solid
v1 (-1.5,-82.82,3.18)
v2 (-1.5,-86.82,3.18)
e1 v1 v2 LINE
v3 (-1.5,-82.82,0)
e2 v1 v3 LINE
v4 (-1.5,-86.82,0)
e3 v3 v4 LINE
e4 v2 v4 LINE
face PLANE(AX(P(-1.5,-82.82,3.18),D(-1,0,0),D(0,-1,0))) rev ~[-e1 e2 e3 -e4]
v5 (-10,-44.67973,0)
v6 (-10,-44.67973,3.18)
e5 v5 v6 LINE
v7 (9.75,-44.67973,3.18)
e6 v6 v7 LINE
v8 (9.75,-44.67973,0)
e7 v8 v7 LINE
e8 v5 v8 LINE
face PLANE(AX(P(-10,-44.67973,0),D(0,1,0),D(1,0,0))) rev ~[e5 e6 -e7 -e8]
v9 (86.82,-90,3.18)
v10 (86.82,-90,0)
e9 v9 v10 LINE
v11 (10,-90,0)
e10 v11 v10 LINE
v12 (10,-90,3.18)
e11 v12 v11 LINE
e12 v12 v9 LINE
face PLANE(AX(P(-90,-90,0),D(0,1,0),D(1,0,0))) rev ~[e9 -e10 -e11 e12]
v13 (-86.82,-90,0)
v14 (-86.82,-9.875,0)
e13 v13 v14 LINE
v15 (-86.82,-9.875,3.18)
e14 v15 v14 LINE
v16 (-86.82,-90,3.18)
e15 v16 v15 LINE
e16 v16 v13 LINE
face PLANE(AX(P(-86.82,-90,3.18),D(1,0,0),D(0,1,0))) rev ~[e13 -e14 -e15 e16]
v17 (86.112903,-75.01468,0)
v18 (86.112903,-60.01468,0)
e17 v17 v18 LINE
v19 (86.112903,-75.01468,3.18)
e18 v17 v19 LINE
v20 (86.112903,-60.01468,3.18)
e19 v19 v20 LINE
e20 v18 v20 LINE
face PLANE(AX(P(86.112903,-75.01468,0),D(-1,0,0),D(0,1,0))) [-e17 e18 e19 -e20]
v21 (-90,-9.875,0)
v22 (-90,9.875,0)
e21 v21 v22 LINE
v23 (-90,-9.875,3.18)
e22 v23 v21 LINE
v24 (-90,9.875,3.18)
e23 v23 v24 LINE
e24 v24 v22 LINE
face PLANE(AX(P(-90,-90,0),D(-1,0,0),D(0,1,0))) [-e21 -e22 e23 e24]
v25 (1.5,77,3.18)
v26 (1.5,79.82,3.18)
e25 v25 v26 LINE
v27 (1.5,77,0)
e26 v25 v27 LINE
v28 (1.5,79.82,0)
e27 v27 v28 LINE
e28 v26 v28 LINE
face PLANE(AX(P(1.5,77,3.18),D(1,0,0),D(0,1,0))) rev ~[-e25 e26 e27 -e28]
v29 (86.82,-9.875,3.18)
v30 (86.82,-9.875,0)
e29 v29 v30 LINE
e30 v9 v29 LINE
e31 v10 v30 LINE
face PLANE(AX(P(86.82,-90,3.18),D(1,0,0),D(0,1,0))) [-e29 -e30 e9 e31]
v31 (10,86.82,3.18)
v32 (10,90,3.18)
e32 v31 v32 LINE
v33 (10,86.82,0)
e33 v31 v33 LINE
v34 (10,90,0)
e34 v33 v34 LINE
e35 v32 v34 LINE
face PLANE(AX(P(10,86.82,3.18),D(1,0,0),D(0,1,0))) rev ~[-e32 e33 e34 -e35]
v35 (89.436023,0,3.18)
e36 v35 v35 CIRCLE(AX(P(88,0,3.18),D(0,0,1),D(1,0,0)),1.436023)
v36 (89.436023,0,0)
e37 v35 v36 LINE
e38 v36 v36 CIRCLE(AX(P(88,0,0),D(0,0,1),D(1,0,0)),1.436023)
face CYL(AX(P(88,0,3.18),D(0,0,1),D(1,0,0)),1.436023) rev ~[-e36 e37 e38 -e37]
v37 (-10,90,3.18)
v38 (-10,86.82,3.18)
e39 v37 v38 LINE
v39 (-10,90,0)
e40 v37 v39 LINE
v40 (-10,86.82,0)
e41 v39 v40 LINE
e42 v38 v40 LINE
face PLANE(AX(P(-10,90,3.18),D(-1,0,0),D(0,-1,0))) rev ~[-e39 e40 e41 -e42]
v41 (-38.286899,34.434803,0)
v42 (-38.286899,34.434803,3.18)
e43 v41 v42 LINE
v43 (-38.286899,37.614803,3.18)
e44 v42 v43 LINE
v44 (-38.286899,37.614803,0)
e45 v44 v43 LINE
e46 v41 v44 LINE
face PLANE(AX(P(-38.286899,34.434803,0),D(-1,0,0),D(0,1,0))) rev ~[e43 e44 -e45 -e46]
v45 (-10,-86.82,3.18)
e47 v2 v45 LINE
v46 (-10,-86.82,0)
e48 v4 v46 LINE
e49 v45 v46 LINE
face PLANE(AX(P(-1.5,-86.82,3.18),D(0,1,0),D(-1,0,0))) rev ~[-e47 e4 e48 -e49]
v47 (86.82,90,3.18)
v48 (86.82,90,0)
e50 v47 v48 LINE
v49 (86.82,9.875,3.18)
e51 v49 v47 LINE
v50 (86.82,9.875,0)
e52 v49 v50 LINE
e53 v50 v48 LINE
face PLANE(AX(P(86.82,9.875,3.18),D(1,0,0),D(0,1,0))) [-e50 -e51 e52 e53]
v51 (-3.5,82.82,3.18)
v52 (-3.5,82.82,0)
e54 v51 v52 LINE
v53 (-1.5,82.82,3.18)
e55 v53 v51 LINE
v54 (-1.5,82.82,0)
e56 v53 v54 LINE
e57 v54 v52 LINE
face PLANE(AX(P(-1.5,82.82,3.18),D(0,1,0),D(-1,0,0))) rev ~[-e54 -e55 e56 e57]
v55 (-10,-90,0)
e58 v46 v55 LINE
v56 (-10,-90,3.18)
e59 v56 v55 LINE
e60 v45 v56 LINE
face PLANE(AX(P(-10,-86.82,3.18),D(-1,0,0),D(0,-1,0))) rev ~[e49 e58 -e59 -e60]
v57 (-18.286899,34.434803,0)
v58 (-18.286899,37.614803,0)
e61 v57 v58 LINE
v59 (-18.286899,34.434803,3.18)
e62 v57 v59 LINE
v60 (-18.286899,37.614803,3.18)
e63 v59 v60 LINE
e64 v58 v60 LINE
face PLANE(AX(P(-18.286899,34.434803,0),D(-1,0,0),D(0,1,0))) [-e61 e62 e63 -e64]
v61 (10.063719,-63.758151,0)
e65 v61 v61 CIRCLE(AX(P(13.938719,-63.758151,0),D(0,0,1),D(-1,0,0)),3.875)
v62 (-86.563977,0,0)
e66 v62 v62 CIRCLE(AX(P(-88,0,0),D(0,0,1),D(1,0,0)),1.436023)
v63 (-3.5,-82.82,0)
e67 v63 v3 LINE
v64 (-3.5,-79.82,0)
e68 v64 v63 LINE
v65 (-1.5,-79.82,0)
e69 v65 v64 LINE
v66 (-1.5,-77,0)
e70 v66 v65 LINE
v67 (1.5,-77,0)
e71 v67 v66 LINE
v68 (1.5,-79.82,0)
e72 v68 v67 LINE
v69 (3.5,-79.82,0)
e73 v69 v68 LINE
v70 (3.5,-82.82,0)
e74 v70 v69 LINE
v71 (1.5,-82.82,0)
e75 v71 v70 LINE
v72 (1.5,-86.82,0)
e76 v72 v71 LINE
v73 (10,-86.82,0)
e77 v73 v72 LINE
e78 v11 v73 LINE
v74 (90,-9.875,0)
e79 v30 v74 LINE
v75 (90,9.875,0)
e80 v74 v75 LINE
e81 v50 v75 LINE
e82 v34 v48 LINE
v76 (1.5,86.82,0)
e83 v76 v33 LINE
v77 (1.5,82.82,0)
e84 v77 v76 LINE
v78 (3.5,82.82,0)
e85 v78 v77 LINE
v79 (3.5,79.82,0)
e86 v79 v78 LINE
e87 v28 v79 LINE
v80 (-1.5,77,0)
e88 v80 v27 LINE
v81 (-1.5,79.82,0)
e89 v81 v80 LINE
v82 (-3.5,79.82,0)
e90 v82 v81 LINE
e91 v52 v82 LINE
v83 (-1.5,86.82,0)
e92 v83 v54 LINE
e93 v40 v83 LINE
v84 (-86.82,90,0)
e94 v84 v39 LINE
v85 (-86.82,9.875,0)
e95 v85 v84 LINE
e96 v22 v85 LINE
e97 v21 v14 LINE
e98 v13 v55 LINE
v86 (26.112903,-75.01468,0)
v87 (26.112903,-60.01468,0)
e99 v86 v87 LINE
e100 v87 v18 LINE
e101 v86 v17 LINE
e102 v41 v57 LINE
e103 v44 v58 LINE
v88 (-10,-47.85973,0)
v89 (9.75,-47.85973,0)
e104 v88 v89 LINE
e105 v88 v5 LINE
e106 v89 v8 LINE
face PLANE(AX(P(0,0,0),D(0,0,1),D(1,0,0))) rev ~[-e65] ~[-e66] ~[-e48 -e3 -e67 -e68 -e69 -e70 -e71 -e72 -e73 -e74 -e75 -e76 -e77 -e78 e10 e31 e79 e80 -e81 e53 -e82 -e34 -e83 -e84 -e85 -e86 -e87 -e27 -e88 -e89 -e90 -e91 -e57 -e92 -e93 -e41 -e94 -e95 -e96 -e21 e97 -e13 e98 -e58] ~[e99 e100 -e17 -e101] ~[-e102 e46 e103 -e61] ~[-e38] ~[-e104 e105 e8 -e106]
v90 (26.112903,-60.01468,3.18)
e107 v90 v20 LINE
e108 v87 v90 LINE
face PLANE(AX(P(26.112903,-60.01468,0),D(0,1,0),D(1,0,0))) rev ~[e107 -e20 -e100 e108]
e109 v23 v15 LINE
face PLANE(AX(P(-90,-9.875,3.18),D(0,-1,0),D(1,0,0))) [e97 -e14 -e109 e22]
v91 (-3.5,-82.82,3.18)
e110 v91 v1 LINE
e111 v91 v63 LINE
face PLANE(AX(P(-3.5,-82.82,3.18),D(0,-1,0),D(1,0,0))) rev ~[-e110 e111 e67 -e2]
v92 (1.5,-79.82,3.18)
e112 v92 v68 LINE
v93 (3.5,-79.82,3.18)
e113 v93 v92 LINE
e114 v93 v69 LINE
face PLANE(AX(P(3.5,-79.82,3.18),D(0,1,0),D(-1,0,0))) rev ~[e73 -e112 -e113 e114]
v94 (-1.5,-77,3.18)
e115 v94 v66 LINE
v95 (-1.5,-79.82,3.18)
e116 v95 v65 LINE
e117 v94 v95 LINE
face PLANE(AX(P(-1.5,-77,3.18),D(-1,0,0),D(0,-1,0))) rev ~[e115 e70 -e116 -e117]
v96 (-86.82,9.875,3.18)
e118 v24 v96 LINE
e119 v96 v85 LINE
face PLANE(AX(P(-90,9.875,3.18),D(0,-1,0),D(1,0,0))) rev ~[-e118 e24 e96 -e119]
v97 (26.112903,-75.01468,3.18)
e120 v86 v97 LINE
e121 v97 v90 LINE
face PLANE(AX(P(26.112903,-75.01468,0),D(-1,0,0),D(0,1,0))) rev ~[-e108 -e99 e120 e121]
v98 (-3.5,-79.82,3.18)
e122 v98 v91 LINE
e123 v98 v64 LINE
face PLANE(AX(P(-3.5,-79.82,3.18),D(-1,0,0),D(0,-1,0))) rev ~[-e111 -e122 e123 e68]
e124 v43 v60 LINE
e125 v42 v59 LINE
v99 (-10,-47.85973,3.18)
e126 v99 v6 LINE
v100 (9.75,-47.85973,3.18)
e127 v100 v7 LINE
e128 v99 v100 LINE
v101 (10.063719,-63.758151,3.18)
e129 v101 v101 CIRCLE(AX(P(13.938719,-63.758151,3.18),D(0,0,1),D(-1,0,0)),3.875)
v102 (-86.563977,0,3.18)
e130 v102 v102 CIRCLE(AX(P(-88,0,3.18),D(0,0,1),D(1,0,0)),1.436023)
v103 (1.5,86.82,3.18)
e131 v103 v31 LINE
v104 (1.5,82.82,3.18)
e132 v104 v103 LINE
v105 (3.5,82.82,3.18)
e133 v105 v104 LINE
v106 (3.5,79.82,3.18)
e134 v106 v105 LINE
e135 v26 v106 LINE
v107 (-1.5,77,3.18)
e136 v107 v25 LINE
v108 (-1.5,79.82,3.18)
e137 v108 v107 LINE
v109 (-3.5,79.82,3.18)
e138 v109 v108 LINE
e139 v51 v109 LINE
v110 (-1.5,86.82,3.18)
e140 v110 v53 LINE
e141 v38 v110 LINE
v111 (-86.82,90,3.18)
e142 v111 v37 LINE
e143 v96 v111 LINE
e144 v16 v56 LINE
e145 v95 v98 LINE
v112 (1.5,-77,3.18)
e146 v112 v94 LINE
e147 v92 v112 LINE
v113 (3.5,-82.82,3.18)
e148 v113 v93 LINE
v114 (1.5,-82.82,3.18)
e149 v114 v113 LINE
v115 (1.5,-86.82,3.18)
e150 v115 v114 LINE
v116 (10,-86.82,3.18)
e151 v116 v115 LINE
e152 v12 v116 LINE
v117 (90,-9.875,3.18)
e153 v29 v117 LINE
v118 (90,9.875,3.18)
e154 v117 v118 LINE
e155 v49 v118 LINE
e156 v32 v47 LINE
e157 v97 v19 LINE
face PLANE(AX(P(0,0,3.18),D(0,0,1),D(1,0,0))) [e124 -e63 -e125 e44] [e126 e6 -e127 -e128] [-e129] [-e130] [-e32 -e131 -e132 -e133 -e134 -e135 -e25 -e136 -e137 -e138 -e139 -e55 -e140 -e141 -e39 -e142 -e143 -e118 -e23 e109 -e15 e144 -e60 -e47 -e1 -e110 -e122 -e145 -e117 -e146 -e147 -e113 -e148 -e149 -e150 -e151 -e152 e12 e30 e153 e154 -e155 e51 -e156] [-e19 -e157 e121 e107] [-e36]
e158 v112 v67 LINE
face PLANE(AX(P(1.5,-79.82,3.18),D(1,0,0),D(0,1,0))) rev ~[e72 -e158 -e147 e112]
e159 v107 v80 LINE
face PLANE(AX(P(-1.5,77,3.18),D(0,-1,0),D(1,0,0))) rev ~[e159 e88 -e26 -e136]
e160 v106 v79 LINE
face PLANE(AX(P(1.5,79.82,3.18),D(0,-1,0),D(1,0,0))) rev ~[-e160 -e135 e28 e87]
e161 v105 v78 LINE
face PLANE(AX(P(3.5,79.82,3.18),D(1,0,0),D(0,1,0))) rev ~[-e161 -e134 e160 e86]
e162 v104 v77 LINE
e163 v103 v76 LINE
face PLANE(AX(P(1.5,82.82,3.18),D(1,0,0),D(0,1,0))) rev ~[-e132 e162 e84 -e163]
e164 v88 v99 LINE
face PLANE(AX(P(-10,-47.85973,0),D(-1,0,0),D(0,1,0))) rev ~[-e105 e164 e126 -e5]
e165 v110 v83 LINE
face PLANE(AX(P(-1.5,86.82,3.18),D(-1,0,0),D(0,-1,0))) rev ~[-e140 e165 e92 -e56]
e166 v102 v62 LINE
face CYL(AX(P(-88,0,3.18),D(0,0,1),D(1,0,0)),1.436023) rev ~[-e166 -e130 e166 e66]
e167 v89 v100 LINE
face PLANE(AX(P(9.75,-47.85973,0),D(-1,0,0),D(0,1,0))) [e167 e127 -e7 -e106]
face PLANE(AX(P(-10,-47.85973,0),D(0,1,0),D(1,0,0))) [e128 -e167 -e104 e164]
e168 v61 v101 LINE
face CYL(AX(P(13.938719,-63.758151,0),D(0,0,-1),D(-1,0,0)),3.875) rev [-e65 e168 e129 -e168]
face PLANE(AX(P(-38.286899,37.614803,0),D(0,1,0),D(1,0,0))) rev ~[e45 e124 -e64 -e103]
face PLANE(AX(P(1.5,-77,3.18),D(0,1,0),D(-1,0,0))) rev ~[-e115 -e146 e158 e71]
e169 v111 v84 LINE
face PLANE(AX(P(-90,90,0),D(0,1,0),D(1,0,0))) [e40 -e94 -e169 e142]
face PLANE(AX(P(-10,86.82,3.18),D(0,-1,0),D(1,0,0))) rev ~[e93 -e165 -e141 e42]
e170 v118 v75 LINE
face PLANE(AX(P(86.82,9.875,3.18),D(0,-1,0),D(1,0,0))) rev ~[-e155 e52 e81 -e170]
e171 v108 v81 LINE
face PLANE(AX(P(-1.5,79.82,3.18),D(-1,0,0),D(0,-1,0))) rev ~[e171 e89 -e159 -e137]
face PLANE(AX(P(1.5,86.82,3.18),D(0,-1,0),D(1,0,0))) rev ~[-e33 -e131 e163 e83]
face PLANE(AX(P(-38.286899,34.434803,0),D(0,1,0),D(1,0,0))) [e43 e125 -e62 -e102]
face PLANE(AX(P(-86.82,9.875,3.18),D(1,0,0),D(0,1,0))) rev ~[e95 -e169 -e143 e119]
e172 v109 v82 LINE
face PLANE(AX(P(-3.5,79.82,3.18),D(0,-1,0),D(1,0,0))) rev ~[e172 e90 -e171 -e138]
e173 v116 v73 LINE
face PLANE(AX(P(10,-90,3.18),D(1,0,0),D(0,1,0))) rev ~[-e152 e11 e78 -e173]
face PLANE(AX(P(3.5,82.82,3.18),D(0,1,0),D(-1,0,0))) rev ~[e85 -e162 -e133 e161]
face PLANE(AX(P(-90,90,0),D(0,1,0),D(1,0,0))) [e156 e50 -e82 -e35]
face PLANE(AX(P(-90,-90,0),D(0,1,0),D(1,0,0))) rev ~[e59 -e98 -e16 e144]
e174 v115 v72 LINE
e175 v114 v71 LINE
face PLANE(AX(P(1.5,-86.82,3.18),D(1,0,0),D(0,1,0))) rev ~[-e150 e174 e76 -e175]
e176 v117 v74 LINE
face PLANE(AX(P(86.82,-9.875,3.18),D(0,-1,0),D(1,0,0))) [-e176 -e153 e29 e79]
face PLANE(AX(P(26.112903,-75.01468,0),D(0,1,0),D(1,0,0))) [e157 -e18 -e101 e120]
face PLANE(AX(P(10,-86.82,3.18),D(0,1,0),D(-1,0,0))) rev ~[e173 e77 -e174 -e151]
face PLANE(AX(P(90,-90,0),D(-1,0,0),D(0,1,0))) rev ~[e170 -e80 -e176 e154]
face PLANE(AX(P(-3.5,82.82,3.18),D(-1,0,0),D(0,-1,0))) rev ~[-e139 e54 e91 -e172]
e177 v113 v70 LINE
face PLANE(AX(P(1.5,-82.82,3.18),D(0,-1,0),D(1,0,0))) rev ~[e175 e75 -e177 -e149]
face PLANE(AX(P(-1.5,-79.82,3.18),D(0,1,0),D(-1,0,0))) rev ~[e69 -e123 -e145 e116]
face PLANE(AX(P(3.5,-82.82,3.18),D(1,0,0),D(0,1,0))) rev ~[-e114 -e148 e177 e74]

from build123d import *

# Parameters (mm, degrees)
SKETCH3_W           = 180
SKETCH3_H           = 180
SKETCH3_R           = 3.875
SKETCH3_W_2         = 20
SKETCH3_H_2         = 3.18
SKETCH3_W_3         = 19.75
SKETCH3_W_4         = 60
SKETCH3_H_3         = 15
BOSS_EXTRUDE1_DEPTH = 3.18
CUT_EXTRUDE1_DEPTH  = 128.318939675
SKETCH5_R           = 1.436023081
SKETCH5_W           = 3.18
SKETCH5_H           = 80.125
CUT_EXTRUDE2_DEPTH  = 128.318939675


with BuildPart() as part:
    # Sketch3 → Boss-Extrude1 (new body)
    with BuildSketch(Plane.XY):
        Rectangle(SKETCH3_W, SKETCH3_H)
        with Locations(Location((13.938719016, -63.758151241, 0), (0, 0, 180))):
            Circle(SKETCH3_R, mode=Mode.SUBTRACT)
        with Locations((-28.286899392, 36.024803222)):
            Rectangle(SKETCH3_W_2, SKETCH3_H_2, mode=Mode.SUBTRACT)
        with Locations((-0.125, -46.269729843)):
            Rectangle(SKETCH3_W_3, SKETCH3_H_2, mode=Mode.SUBTRACT)
        with Locations((56.112903479, -67.514680034)):
            Rectangle(SKETCH3_W_4, SKETCH3_H_3, mode=Mode.SUBTRACT)
    extrude(amount=BOSS_EXTRUDE1_DEPTH)

    # Sketch4 → Cut-Extrude1 (cut, through all)
    with BuildSketch(Plane.XY.offset(3.18)):
        Polygon((1.5, 86.82), (10, 86.82), (10, 90), (-10, 90), (-10, 86.82), (-1.5, 86.82), (-1.5, 82.82), (-3.5, 82.82), (-3.5, 79.82), (-1.5, 79.82), (-1.5, 77), (1.5, 77), (1.5, 79.82), (3.5, 79.82), (3.5, 82.82), (1.5, 82.82), align=None)
        Polygon((1.5, -79.82), (1.5, -77), (-1.5, -77), (-1.5, -79.82), (-3.5, -79.82), (-3.5, -82.82), (-1.5, -82.82), (-1.5, -86.82), (-10, -86.82), (-10, -90), (10, -90), (10, -86.82), (1.5, -86.82), (1.5, -82.82), (3.5, -82.82), (3.5, -79.82), align=None)
    extrude(amount=-CUT_EXTRUDE1_DEPTH, mode=Mode.SUBTRACT)

    # Sketch5 → Cut-Extrude2 (cut, through all)
    with BuildSketch(Plane.XY.offset(3.18)):
        with Locations((-88, 0)):
            Circle(SKETCH5_R)
        with Locations((88, 0)):
            Circle(SKETCH5_R)
        with Locations((-88.41, 49.9375)):
            Rectangle(SKETCH5_W, SKETCH5_H)
        with Locations((-88.41, -49.9375)):
            Rectangle(SKETCH5_W, SKETCH5_H)
        with Locations((88.41, -49.9375)):
            Rectangle(SKETCH5_W, SKETCH5_H)
        with Locations((88.41, 49.9375)):
            Rectangle(SKETCH5_W, SKETCH5_H)
    extrude(amount=-CUT_EXTRUDE2_DEPTH, mode=Mode.SUBTRACT)


solid = part.part
